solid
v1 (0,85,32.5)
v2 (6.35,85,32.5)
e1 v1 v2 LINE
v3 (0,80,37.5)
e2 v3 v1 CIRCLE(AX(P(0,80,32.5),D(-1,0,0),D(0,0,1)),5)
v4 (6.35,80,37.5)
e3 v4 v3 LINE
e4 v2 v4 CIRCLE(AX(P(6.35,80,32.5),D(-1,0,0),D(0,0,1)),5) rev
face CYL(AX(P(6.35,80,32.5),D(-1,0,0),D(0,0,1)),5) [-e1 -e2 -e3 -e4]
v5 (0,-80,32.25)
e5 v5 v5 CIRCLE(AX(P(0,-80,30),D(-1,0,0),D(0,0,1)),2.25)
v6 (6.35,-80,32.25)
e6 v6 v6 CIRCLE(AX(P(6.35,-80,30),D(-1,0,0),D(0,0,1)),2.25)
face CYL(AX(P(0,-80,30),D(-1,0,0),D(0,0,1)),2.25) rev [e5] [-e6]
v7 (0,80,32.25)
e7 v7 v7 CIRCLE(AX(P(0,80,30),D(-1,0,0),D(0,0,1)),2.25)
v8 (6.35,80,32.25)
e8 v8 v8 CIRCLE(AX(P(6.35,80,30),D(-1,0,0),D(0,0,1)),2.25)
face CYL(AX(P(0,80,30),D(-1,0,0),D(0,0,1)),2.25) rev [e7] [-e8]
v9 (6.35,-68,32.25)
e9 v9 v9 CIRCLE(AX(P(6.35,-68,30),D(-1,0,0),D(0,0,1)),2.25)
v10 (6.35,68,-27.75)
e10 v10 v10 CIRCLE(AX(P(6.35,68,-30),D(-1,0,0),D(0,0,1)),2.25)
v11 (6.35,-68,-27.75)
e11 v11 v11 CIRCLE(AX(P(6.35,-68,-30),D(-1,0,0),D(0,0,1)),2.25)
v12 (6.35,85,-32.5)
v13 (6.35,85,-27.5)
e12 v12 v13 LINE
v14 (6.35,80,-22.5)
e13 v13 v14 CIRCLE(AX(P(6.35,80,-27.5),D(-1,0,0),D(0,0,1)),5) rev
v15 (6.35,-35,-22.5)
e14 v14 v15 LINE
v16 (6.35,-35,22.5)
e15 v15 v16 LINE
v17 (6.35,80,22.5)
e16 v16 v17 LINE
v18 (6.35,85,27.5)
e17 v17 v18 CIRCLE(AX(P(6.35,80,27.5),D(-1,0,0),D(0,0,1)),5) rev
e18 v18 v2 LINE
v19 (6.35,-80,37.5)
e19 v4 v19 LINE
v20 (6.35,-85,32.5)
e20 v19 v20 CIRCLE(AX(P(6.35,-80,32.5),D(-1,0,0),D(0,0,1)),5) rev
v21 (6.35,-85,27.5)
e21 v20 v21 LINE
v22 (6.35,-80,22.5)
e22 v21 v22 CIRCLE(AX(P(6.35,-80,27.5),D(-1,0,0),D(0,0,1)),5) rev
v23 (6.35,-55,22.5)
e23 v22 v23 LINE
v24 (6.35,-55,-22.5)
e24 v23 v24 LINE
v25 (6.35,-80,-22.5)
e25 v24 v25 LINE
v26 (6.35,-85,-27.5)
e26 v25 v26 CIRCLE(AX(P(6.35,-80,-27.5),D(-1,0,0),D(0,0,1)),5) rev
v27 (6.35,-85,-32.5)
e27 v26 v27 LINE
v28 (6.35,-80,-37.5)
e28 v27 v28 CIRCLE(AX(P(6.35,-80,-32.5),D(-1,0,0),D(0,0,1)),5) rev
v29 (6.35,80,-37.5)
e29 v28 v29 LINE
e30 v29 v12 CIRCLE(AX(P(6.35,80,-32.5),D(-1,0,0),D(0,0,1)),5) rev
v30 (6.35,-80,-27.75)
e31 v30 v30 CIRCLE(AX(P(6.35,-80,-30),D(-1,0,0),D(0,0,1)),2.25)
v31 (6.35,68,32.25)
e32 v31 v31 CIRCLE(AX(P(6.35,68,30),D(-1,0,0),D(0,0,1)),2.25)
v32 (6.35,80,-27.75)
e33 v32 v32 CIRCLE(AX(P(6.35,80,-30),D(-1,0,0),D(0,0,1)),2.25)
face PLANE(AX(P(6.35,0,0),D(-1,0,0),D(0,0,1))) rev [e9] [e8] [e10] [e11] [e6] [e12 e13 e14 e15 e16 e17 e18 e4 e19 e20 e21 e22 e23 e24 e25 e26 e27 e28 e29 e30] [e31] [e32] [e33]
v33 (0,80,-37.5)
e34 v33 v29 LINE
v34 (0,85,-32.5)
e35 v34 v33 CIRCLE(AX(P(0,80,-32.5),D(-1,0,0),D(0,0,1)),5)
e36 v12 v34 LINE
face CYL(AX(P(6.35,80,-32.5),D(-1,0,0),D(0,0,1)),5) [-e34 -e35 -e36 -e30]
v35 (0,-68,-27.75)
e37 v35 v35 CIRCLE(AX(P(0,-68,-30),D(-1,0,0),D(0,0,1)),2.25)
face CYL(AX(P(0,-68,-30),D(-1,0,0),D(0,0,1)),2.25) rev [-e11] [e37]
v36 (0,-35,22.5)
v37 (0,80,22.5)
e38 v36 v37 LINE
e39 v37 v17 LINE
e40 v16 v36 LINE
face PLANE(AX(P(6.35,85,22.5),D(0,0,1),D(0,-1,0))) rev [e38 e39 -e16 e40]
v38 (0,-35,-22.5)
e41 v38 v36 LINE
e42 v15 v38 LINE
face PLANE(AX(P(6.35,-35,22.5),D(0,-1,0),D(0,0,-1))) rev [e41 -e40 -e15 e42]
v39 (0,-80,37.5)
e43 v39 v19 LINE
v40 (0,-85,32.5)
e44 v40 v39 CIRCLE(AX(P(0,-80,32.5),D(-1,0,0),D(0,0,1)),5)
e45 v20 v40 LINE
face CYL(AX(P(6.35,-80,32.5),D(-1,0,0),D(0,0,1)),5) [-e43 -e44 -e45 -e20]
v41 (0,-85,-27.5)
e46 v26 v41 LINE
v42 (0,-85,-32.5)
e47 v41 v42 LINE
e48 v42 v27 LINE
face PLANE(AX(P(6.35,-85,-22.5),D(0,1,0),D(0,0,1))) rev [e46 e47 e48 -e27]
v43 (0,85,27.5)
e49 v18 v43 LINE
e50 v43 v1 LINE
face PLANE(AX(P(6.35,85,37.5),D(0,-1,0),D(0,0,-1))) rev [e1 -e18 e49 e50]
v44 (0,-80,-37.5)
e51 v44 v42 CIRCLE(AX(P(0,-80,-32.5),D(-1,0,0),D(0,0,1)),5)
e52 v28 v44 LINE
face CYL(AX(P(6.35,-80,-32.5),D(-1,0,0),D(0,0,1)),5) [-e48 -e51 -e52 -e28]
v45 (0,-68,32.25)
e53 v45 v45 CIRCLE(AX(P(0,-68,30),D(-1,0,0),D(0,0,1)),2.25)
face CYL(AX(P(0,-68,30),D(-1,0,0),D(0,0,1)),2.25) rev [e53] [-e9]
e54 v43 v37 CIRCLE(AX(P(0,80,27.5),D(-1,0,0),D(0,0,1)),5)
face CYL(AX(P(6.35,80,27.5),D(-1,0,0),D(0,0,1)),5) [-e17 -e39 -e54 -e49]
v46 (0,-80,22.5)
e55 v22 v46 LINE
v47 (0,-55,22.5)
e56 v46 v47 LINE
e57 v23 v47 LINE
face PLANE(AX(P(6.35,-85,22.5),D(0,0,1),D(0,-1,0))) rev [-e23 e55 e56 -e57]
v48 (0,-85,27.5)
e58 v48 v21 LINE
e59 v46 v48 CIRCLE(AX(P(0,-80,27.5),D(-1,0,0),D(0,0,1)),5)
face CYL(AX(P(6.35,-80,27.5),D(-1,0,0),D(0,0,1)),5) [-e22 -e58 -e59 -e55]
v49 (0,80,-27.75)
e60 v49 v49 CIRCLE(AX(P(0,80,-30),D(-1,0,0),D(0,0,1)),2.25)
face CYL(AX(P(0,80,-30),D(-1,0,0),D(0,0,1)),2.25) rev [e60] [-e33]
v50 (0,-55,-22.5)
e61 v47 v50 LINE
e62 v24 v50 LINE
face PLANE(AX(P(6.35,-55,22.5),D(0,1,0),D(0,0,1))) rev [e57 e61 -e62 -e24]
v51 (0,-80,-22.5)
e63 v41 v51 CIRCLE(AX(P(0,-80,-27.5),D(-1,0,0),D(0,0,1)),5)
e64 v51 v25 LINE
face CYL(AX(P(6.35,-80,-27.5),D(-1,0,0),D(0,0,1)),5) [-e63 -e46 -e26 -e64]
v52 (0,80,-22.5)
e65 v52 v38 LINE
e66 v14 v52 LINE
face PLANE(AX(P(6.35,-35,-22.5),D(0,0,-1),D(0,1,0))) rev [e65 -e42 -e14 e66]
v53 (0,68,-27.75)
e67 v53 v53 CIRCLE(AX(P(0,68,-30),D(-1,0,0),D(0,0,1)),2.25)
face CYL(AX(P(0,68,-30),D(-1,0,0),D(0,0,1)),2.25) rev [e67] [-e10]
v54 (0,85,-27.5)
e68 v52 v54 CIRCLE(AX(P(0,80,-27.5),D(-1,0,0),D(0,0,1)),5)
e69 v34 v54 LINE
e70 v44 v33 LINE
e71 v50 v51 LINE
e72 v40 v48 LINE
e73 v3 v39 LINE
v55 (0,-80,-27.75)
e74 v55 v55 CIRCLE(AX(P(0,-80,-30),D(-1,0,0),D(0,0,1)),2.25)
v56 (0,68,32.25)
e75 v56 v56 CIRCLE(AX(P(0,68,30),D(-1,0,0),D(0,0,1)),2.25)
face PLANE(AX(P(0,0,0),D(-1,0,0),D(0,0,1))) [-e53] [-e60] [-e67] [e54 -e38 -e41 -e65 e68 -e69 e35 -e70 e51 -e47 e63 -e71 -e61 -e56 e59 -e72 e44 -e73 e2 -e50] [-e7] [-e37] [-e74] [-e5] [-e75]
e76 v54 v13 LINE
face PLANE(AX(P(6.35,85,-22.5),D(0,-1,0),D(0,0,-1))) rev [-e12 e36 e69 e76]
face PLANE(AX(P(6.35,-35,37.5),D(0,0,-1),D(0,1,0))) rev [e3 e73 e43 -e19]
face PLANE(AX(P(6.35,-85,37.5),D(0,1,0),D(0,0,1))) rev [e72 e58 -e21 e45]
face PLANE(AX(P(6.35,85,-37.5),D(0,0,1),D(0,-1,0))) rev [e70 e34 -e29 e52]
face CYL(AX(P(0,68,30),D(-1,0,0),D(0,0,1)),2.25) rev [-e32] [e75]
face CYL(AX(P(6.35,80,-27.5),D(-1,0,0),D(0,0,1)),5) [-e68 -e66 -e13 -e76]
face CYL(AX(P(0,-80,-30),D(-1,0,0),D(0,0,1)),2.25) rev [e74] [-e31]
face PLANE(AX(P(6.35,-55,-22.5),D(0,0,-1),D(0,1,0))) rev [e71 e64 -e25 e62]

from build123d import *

# Parameters (mm, degrees)
SALIENTE_EXTRUIR1_DEPTH      = 6.35
TALADRO_DE_MARGEN_PARA_M41_D = 4.5
REDONDEO1_R                  = 5


with BuildPart() as part:
    # Croquis1 → Saliente-Extruir1 (new body)
    with BuildSketch(Plane(origin=(0, 0, 0), x_dir=(0, 0, -1), z_dir=(1, 0, 0))):
        Polygon((-22.5, 85), (-22.5, -35), (22.5, -35), (22.5, 85), (37.5, 85), (37.5, 35), (37.5, -35), (37.5, -85), (22.5, -85), (22.5, -55), (-22.5, -55), (-22.5, -85), (-37.5, -85), (-37.5, -35), (-37.5, 35), (-37.5, 85), align=None)
    extrude(amount=SALIENTE_EXTRUIR1_DEPTH)

    # Taladro de margen para M41 (through all)
    with Locations(Plane.ZY):
        with Locations((30, 68), (30, 80), (-30, 68), (-30, 80), (30, -80), (30, -68), (-30, -80), (-30, -68)):
            Hole(TALADRO_DE_MARGEN_PARA_M41_D / 2)

    # Redondeo1
    redondeo1_edges = [part.edges().sort_by_distance(p)[0] for p in [
        (3.175, 85, 22.5),
        (3.175, 85, -22.5),
        (3.175, 85, -37.5),
        (3.175, -85, -37.5),
        (3.175, -85, -22.5),
        (3.175, -85, 22.5),
        (3.175, -85, 37.5),
        (3.175, 85, 37.5),
    ]]
    fillet(redondeo1_edges, radius=REDONDEO1_R)


solid = part.part
